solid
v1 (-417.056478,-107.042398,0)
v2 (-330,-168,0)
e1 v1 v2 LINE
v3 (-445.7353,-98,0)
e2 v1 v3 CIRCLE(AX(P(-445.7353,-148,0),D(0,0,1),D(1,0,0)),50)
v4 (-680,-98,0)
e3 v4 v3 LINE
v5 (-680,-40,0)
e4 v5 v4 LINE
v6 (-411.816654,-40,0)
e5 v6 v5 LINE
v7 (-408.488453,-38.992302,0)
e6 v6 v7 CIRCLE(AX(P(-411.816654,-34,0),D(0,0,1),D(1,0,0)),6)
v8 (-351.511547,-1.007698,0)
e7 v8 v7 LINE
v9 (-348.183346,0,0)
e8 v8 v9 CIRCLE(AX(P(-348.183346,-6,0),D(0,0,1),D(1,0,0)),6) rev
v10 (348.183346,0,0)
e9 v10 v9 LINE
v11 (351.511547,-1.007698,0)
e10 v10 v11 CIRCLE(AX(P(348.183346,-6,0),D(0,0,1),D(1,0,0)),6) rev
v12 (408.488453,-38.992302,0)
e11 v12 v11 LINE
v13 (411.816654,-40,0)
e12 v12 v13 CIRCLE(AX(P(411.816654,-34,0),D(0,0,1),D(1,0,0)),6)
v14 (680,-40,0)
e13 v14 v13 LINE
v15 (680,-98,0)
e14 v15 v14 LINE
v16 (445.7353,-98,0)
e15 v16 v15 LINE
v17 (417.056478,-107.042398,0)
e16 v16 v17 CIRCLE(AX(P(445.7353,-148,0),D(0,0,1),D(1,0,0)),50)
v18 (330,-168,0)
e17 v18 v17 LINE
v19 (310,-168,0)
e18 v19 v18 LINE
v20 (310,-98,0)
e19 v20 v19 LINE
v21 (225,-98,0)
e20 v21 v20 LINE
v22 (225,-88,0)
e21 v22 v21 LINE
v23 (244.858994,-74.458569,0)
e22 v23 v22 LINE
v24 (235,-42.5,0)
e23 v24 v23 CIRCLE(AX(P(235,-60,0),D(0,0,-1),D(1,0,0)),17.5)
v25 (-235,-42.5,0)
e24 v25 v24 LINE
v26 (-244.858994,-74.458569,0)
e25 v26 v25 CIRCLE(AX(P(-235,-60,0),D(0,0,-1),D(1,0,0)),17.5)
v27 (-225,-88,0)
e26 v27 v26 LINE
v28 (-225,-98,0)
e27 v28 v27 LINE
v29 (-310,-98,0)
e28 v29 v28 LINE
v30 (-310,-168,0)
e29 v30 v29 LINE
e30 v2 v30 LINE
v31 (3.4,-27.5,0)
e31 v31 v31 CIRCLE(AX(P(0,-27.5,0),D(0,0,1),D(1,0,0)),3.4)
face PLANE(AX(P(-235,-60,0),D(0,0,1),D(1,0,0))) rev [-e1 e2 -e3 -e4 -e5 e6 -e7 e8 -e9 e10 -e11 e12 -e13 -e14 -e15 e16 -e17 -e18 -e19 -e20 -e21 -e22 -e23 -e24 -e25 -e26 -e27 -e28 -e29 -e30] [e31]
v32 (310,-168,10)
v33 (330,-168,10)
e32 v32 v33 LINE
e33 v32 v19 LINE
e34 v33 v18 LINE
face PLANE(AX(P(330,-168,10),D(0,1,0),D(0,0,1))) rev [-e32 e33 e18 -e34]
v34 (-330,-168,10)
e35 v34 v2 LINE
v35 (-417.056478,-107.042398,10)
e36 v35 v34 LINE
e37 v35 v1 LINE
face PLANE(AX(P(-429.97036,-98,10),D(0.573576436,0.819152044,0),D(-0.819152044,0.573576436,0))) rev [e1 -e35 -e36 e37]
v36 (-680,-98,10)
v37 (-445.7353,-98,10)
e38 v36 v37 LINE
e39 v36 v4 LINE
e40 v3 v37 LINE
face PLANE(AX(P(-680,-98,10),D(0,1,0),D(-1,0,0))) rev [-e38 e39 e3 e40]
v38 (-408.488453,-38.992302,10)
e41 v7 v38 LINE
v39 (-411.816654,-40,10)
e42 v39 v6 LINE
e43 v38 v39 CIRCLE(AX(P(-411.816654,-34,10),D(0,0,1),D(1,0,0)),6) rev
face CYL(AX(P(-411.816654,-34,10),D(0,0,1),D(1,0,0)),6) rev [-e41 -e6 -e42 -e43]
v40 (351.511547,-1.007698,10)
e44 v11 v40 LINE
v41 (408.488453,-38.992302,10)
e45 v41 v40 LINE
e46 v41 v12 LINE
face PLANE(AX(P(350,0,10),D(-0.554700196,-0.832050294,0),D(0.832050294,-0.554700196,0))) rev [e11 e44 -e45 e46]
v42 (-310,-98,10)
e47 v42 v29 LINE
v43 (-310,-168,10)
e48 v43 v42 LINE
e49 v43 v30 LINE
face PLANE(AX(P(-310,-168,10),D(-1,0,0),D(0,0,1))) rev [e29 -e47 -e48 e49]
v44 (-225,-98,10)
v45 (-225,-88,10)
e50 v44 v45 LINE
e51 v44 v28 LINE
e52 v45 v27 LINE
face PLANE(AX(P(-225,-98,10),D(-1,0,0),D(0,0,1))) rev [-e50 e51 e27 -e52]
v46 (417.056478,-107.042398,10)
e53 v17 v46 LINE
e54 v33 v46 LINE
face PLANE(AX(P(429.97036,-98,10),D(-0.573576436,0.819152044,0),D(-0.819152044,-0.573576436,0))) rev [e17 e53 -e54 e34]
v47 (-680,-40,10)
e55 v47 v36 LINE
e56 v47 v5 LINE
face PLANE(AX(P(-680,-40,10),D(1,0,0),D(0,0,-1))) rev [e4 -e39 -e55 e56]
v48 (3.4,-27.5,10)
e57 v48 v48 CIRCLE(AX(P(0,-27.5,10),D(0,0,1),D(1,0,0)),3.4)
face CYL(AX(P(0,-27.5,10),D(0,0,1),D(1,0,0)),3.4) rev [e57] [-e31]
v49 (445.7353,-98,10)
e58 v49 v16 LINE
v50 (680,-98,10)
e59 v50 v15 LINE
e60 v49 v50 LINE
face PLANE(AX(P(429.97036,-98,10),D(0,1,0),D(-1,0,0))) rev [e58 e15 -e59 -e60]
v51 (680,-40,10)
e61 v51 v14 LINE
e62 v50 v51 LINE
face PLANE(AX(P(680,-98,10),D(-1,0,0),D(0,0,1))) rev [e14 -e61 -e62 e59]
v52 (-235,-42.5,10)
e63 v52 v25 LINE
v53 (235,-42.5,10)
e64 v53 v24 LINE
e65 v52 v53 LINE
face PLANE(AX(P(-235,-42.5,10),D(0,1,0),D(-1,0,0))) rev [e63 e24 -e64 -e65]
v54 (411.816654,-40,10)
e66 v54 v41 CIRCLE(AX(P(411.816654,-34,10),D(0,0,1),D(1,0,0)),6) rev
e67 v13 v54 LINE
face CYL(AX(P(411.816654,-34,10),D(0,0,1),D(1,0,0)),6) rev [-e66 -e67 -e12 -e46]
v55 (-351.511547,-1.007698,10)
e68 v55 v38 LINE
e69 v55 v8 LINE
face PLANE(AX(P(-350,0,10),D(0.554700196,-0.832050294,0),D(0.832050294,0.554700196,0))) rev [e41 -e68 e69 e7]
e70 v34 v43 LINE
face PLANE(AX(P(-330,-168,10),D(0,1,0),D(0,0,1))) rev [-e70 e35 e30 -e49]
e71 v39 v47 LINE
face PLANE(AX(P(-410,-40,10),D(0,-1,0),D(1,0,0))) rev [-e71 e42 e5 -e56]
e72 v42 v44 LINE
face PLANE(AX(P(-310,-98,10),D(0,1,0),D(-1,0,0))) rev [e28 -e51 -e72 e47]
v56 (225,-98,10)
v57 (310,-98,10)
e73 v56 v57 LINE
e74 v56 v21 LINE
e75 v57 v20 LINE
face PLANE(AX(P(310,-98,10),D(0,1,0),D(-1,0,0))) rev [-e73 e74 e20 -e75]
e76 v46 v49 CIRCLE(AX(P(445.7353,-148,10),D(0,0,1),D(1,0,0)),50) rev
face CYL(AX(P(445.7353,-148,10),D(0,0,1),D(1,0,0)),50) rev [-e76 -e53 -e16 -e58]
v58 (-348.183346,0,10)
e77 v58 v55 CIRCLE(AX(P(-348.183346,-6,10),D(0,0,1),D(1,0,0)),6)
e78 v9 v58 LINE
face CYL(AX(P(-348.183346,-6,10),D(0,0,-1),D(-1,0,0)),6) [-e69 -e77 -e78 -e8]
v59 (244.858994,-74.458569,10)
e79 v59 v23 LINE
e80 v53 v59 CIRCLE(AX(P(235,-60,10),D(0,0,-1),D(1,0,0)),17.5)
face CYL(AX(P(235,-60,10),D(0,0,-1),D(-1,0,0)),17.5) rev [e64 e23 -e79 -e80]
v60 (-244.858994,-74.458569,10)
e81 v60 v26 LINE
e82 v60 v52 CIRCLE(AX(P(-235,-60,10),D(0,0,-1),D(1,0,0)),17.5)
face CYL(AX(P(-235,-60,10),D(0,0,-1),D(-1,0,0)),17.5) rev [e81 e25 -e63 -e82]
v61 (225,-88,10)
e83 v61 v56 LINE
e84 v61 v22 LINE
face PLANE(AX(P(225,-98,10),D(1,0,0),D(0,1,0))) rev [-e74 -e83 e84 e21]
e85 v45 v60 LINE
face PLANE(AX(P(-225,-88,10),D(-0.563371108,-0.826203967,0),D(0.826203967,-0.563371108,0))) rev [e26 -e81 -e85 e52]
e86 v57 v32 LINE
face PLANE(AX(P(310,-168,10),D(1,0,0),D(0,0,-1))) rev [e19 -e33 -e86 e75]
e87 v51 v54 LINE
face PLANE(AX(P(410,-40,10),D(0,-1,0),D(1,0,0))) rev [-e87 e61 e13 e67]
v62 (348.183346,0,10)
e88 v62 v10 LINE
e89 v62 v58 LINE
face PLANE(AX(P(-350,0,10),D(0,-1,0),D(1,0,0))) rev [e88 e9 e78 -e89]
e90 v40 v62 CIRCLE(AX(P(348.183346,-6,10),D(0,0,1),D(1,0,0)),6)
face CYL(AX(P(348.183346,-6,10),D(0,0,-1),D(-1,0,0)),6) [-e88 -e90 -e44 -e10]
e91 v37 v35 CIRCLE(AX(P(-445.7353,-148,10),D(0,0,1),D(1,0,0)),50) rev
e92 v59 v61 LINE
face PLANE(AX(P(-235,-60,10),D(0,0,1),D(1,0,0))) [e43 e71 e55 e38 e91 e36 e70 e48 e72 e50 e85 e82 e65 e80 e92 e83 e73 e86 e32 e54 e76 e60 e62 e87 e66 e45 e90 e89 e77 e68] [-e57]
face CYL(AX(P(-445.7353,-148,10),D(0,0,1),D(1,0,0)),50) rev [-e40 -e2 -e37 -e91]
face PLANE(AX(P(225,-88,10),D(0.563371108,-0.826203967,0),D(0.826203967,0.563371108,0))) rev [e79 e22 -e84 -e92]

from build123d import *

# Parameters (mm, degrees)
EXTRUDE_1_DEPTH        = 10
FILLET_1_R             = 6
HOLE_WIZARD_M8_1_D     = 6.8
HOLE_WIZARD_M8_1_DEPTH = 19.75
HOLE_WIZARD_M8_1_TIP   = 2.042926105
FILLET_2_R             = 50


with BuildPart() as part:
    # 草图1 → 凸台-拉伸1 (new body)
    with BuildSketch(Plane.XY):
        with BuildLine():
            Line((-350, 0), (350, 0))
            Line((350, 0), (410, -40))
            Line((410, -40), (680, -40))
            Line((680, -40), (680, -98))
            Line((680, -98), (429.970360472, -98))
            Line((429.970360472, -98), (330, -168))
            Line((330, -168), (310, -168))
            Line((310, -168), (310, -98))
            Line((310, -98), (225, -98))
            Line((225, -98), (225, -88))
            Line((225, -88), (244.858994383, -74.458569423))
            ThreePointArc((244.858994383, -74.458569423), (251.722364739, -54.841267835), (235, -42.5))
            Line((235, -42.5), (-235, -42.5))
            ThreePointArc((-235, -42.5), (-251.722364739, -54.841267835), (-244.858994383, -74.458569423))
            Line((-244.858994383, -74.458569423), (-225, -88))
            Line((-225, -88), (-225, -98))
            Line((-225, -98), (-310, -98))
            Line((-310, -98), (-310, -168))
            Line((-310, -168), (-330, -168))
            Line((-330, -168), (-429.970360472, -98))
            Line((-429.970360472, -98), (-680, -98))
            Line((-680, -98), (-680, -40))
            Line((-680, -40), (-410, -40))
            Line((-410, -40), (-350, 0))
        make_face()
    extrude(amount=EXTRUDE_1_DEPTH)

    # 圆角1
    fillet_1_edges = [part.edges().sort_by_distance(p)[0] for p in [
        (-350, 0, 5),
        (350, 0, 5),
        (410, -40, 5),
        (-410, -40, 5),
    ]]
    fillet(fillet_1_edges, radius=FILLET_1_R)

    # M8 螺纹孔1
    with Locations(Plane.XY.offset(10)):
        with Locations((0, -27.5)):
            Hole(HOLE_WIZARD_M8_1_D / 2, depth=HOLE_WIZARD_M8_1_DEPTH)
            with Locations((0, 0, -(HOLE_WIZARD_M8_1_DEPTH + HOLE_WIZARD_M8_1_TIP / 2))):  # 118° drill point
                Cone(0, HOLE_WIZARD_M8_1_D / 2, HOLE_WIZARD_M8_1_TIP, mode=Mode.SUBTRACT)

    # 圆角2
    fillet_2_edges = [part.edges().sort_by_distance(p)[0] for p in [
        (429.970360472, -98, 5),
        (-429.970360472, -98, 5),
    ]]
    fillet(fillet_2_edges, radius=FILLET_2_R)


solid = part.part
